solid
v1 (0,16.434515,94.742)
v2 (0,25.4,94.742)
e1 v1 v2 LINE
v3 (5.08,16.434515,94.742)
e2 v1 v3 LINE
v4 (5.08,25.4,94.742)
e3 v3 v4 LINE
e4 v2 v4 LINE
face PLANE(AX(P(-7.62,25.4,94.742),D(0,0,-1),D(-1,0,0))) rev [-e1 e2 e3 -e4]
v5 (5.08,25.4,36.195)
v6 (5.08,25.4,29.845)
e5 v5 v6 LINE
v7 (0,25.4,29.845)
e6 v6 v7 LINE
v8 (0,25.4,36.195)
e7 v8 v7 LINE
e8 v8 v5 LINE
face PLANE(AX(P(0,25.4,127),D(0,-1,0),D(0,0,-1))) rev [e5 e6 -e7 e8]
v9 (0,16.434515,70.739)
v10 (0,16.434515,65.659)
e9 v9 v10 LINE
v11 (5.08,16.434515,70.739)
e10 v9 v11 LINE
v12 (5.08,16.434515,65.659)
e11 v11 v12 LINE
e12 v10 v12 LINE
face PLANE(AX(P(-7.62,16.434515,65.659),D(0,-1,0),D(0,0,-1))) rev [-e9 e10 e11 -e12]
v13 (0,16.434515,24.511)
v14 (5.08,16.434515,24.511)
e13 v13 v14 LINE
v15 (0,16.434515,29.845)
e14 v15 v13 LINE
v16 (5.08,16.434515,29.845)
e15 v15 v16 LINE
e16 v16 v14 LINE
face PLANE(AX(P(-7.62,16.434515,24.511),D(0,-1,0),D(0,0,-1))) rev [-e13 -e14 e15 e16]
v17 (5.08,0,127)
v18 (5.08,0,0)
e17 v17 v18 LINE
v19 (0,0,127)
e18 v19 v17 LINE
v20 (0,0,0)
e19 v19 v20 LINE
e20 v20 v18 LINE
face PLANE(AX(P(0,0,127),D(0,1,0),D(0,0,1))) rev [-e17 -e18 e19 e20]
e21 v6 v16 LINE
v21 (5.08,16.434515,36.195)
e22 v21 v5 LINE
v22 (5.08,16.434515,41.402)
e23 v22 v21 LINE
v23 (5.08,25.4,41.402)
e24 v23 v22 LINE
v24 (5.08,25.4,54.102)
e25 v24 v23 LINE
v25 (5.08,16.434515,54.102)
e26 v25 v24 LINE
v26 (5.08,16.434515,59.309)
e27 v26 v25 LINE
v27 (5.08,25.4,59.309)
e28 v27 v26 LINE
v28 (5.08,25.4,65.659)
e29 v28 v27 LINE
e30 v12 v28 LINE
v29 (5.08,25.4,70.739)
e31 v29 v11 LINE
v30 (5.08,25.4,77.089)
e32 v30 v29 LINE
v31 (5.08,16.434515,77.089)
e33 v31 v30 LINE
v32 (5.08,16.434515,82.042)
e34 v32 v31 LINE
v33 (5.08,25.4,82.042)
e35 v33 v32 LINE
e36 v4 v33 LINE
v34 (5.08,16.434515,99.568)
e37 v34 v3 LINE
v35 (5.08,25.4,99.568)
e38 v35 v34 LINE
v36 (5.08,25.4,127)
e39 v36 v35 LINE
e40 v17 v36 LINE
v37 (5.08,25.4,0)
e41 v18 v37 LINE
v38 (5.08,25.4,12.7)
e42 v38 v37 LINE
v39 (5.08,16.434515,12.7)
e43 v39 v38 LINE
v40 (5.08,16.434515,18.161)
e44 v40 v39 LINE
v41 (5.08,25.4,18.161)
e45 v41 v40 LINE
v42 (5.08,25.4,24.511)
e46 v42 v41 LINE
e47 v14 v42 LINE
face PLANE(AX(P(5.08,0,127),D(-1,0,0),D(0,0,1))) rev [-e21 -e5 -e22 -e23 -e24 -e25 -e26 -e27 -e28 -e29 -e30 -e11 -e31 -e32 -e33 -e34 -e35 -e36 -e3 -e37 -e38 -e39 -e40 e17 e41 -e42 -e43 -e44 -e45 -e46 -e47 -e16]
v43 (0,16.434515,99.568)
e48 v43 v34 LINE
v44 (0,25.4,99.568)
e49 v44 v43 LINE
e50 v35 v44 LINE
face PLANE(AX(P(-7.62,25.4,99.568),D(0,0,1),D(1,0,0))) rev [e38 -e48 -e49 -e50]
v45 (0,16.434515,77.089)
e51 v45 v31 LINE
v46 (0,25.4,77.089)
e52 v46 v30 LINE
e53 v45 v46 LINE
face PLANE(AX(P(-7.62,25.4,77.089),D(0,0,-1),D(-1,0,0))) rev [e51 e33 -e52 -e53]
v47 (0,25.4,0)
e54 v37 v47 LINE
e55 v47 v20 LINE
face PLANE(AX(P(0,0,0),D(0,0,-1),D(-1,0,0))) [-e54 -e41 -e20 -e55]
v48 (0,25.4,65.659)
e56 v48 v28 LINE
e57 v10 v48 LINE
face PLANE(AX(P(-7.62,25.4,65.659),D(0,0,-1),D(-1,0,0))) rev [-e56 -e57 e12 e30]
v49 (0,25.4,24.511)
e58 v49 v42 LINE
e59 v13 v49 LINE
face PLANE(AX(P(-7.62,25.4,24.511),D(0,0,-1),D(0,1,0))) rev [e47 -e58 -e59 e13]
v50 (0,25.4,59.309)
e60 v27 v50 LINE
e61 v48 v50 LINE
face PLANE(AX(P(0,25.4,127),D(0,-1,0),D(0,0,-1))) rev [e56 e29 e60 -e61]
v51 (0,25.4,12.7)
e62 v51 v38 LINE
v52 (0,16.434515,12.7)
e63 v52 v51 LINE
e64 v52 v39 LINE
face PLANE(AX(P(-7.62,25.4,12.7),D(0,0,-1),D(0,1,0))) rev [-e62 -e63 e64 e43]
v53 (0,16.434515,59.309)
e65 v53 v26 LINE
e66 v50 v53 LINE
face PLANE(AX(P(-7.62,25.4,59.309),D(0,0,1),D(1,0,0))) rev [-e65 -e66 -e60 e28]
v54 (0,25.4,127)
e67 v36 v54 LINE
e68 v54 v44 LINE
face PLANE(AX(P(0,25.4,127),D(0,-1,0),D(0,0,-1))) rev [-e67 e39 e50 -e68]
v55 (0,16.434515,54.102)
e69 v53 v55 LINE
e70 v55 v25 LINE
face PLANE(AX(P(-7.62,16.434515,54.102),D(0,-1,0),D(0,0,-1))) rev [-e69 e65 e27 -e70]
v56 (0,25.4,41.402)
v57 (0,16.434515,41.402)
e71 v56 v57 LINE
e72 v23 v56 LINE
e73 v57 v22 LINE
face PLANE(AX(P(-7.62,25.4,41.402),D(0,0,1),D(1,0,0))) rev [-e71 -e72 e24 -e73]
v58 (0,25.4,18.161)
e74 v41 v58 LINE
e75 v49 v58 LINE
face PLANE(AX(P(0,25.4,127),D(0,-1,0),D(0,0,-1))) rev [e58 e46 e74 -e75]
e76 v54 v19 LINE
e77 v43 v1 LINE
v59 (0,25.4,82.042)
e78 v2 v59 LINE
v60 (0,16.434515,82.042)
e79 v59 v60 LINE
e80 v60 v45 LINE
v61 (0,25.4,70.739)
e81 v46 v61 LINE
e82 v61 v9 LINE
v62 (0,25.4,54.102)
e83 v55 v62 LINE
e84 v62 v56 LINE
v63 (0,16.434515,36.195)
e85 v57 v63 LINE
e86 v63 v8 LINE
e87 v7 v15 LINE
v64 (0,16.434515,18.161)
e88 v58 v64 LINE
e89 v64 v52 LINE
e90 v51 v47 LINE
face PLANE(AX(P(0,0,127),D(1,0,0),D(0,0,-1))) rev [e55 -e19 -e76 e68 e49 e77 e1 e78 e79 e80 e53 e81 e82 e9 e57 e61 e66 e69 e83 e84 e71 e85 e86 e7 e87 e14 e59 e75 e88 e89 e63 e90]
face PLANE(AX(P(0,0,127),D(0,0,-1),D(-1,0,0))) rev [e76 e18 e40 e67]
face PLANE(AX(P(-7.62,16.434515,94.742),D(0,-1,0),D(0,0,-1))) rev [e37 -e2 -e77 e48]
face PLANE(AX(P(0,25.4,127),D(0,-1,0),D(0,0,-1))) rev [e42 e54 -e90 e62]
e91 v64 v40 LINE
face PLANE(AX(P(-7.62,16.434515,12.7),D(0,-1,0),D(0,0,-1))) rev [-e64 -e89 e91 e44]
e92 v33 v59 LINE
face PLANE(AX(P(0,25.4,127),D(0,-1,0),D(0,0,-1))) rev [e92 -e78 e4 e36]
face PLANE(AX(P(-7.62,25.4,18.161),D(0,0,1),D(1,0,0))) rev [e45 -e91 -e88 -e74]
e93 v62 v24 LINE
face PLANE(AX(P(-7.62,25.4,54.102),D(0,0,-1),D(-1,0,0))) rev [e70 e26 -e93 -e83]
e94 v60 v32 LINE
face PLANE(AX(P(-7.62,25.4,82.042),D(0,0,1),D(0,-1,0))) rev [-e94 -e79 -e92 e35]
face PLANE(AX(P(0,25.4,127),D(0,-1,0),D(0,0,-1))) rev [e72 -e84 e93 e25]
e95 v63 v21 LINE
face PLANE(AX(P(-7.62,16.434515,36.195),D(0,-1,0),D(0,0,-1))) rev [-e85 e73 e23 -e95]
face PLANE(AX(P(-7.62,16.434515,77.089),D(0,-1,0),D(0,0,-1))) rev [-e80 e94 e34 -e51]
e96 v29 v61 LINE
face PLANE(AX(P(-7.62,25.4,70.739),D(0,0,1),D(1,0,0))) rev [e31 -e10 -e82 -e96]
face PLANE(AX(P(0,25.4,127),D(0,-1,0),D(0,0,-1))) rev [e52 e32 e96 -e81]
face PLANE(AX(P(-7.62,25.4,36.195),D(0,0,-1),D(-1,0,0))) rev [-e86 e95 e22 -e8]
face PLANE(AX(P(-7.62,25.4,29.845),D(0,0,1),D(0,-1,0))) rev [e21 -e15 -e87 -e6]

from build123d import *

# Parameters (mm, degrees)
SKETCH1_W           = 5.08
SKETCH1_H           = 25.4
BOSS_EXTRUDE1_DEPTH = 127
SKETCH9_W           = 5.461
SKETCH9_H           = 8.965485494
SKETCH9_W_2         = 5.334
SKETCH9_W_3         = 5.207
SKETCH9_W_4         = 5.08
SKETCH9_W_5         = 4.953
SKETCH9_W_6         = 4.826
CUT_EXTRUDE1_DEPTH  = 12.7


with BuildPart() as part:
    # Sketch1 → Boss-Extrude1 (new body)
    with BuildSketch(Plane.XY):
        with Locations((2.54, 12.7)):
            Rectangle(SKETCH1_W, SKETCH1_H)
    extrude(amount=BOSS_EXTRUDE1_DEPTH)

    # Sketch9 → Cut-Extrude1 (cut)
    with BuildSketch(Plane(origin=(5.08, 0, 0), x_dir=(0, 0, -1), z_dir=(1, 0, 0))):
        with Locations((-15.4305, 20.917257253)):
            Rectangle(SKETCH9_W, SKETCH9_H)
        with Locations((-27.178, 20.917257253)):
            Rectangle(SKETCH9_W_2, SKETCH9_H)
        with Locations((-38.7985, 20.917257253)):
            Rectangle(SKETCH9_W_3, SKETCH9_H)
        with Locations((-56.7055, 20.917257253)):
            Rectangle(SKETCH9_W_3, SKETCH9_H)
        with Locations((-68.199, 20.917257253)):
            Rectangle(SKETCH9_W_4, SKETCH9_H)
        with Locations((-79.5655, 20.917257253)):
            Rectangle(SKETCH9_W_5, SKETCH9_H)
        with Locations((-97.155, 20.917257253)):
            Rectangle(SKETCH9_W_6, SKETCH9_H)
    extrude(amount=-CUT_EXTRUDE1_DEPTH, mode=Mode.SUBTRACT)


solid = part.part
